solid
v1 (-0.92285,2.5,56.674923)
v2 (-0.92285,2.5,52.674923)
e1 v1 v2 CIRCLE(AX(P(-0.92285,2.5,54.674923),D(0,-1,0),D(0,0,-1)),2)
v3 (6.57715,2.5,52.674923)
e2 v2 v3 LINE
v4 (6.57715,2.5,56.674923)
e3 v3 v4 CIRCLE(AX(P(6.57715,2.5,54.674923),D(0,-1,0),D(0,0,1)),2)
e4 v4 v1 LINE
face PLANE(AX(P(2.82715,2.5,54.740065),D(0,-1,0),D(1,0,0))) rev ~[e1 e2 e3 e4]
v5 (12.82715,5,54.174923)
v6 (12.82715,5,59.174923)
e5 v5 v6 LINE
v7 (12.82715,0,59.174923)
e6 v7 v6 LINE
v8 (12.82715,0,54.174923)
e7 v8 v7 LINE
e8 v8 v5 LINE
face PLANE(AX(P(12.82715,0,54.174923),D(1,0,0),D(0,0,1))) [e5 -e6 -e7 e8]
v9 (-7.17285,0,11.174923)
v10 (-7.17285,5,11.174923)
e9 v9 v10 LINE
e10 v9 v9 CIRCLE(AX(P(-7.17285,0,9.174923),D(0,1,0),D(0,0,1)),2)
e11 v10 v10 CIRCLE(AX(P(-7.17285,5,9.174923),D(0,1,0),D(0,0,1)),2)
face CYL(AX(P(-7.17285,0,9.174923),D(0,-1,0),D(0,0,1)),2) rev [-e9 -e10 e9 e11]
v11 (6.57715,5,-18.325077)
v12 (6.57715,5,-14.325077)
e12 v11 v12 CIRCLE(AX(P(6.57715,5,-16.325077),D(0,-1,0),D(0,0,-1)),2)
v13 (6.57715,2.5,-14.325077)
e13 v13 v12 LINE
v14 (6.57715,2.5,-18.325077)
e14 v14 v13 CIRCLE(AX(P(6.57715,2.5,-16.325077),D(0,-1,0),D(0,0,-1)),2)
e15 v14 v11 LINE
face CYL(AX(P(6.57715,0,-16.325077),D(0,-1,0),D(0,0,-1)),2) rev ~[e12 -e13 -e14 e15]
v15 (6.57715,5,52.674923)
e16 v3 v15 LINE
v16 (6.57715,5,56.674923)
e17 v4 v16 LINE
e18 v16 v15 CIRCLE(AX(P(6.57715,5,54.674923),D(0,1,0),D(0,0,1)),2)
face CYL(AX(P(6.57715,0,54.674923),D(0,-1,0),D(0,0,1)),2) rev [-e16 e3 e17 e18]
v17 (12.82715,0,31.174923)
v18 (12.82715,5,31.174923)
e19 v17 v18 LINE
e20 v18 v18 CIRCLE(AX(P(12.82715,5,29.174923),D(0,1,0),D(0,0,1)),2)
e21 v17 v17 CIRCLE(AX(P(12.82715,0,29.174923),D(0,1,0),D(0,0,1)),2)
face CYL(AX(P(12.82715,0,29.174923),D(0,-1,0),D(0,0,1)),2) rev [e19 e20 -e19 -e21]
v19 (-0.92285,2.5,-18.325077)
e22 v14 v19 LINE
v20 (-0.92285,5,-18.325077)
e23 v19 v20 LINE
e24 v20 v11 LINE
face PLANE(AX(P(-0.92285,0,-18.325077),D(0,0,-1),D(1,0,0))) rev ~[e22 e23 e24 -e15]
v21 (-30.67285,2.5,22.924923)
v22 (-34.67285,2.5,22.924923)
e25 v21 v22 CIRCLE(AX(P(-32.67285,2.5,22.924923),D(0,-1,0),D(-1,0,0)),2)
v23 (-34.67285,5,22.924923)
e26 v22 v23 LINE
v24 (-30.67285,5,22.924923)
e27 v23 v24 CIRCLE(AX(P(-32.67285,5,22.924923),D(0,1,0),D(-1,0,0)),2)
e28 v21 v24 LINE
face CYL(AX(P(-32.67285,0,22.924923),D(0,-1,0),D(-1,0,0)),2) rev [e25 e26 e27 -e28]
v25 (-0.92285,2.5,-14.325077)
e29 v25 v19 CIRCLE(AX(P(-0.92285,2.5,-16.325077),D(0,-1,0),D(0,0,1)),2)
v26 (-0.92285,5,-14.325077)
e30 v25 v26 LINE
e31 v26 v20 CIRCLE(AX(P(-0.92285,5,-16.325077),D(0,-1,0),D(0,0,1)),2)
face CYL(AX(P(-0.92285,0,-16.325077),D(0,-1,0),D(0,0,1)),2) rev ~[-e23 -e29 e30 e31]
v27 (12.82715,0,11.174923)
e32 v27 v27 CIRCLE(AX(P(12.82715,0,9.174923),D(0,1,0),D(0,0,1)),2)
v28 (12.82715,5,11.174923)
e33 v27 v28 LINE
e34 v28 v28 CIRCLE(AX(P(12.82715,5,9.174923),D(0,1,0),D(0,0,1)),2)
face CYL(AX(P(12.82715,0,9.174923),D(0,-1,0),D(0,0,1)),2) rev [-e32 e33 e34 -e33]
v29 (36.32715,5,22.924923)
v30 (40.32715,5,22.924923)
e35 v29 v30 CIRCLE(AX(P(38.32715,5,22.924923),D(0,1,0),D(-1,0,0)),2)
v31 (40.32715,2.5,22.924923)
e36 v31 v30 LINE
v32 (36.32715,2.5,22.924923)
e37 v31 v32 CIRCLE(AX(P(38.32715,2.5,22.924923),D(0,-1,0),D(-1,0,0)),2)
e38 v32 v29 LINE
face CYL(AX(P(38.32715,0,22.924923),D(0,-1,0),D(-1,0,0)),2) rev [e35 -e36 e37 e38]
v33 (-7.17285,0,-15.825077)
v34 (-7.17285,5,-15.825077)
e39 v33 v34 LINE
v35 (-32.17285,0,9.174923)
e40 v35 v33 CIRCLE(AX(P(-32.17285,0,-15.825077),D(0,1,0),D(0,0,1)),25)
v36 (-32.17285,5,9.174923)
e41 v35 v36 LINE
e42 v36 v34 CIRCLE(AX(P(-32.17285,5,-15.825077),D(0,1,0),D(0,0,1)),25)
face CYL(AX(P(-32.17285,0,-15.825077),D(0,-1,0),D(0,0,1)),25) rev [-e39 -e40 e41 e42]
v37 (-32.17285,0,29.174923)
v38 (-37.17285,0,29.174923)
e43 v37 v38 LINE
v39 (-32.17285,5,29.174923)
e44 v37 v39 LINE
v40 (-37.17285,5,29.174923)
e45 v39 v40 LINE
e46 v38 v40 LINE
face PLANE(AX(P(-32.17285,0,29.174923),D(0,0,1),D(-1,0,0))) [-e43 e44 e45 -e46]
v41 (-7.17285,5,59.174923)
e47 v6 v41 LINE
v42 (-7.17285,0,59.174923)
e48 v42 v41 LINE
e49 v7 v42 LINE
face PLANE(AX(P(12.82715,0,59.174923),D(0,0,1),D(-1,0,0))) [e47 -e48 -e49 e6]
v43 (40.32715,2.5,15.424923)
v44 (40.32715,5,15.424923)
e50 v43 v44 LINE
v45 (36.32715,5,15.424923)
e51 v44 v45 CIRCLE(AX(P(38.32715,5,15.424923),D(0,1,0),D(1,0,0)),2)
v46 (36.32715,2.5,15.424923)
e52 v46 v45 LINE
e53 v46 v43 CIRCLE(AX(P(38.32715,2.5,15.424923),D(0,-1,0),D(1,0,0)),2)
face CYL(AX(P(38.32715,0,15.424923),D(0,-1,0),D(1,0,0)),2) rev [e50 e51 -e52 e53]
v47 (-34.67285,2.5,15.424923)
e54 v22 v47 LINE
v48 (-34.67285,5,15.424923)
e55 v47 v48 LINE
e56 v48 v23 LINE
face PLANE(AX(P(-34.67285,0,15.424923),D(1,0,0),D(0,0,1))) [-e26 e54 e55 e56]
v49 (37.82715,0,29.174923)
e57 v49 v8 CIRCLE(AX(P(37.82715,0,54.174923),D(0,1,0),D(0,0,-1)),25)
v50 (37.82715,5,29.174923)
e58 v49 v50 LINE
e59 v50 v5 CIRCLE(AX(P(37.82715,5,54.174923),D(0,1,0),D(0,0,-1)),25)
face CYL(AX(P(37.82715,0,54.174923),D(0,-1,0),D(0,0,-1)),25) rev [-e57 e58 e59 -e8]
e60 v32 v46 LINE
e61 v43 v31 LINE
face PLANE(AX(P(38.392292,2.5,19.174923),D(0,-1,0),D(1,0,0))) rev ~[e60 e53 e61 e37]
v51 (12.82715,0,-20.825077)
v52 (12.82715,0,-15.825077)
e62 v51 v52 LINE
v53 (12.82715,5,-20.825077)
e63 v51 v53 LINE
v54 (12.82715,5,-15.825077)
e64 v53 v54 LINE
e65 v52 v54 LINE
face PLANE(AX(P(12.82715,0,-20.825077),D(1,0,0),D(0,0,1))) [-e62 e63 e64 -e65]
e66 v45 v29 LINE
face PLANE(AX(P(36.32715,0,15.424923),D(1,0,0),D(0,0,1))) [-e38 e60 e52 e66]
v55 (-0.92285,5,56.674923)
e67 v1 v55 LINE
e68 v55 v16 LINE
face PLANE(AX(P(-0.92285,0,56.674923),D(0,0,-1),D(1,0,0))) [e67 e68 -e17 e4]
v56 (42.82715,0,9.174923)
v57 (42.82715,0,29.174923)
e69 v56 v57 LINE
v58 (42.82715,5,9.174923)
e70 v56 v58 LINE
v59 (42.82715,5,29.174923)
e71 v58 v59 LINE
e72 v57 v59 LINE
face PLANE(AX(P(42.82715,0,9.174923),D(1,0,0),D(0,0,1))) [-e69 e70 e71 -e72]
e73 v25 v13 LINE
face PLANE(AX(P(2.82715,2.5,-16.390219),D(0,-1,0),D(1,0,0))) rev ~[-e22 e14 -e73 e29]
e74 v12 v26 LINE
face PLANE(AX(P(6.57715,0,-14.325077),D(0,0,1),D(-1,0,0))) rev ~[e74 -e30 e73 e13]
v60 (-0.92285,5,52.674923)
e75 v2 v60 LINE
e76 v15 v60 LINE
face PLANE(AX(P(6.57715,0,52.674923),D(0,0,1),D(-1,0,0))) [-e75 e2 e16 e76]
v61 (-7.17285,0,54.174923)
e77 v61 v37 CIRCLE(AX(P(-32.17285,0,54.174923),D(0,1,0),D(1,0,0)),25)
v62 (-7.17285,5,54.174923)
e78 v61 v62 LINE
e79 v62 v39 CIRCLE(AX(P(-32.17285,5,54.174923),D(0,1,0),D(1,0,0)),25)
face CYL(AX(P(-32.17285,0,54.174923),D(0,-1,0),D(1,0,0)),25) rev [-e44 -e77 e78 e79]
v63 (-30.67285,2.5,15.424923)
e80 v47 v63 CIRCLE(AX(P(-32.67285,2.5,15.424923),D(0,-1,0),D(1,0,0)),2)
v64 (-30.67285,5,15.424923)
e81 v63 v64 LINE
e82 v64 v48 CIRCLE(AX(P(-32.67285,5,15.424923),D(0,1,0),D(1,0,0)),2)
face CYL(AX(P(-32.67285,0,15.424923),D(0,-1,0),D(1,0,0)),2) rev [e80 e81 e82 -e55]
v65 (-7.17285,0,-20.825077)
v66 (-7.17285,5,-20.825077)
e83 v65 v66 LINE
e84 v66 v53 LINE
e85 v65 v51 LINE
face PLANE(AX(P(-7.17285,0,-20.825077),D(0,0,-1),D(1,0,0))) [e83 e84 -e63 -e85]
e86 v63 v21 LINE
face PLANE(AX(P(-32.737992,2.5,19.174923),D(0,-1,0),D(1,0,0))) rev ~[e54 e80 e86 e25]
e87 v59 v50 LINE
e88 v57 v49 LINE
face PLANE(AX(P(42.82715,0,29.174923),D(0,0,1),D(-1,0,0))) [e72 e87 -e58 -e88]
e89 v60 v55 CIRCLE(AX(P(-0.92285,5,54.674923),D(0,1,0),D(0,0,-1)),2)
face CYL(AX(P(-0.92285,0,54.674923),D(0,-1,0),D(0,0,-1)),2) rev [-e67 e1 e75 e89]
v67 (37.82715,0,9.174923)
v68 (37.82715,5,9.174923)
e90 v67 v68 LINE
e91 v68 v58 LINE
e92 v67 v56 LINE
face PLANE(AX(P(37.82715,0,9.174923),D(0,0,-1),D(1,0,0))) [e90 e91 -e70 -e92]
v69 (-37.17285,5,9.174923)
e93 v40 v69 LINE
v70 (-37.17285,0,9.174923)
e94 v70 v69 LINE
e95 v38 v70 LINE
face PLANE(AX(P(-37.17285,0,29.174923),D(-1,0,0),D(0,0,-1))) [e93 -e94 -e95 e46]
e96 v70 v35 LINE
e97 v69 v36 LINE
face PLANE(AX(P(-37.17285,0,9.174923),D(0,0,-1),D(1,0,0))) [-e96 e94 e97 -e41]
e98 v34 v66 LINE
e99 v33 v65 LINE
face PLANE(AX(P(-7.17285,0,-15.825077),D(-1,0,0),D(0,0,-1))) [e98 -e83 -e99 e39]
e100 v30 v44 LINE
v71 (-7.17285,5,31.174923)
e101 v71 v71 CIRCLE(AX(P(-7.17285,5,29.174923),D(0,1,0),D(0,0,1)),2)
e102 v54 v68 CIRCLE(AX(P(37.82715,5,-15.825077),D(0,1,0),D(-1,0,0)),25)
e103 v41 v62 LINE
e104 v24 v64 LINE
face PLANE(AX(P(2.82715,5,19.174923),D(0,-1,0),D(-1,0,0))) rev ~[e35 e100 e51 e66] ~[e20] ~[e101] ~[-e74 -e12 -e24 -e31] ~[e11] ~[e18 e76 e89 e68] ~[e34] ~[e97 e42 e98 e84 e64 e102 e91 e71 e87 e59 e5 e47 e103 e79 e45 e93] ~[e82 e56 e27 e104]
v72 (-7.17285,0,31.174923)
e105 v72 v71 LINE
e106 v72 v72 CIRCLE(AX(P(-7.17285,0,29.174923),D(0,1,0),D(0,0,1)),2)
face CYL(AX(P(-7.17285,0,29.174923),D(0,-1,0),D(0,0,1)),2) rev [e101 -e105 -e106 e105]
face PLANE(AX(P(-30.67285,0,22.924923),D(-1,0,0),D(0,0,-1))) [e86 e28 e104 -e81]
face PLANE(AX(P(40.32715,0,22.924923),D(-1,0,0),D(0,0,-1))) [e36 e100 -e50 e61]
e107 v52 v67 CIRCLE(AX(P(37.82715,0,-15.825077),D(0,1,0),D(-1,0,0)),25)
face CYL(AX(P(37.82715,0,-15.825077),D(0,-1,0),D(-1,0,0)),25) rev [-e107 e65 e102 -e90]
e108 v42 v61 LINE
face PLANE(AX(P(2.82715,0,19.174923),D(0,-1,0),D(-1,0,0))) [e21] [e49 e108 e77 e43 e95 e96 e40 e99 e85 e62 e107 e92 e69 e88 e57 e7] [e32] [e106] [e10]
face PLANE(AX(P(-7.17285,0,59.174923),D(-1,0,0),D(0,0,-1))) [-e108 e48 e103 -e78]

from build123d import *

# Parameters (mm, degrees)
SKETCH1_R           = 2
BOSS_EXTRUDE1_DEPTH = 5
SKETCH2_W           = 4.72967701
SKETCH2_H           = 13.394822952
SKETCH2_W_2         = 13.394822952
SKETCH2_H_2         = 4.72967701
SKETCH2_W_3         = 4.729677011
BOSS_EXTRUDE2_DEPTH = 2.5


with BuildPart() as part:
    # Sketch1 → Boss-Extrude1 (new body)
    with BuildSketch(Plane(origin=(0, 0, 0), x_dir=(1, 0, 0), z_dir=(0, 1, 0))):
        with BuildLine():
            Line((-7.172850367, 15.825076528), (-7.172850367, 20.825076528))
            Line((-7.172850367, 20.825076528), (12.827149633, 20.825076528))
            Line((12.827149633, 20.825076528), (12.827149633, 15.825076528))
            ThreePointArc((12.827149633, 15.825076528), (20.149480103, -1.852593001), (37.827149633, -9.174923472))
            Line((37.827149633, -9.174923472), (42.827149633, -9.174923472))
            Line((42.827149633, -9.174923472), (42.827149633, -29.174923472))
            Line((42.827149633, -29.174923472), (37.827149633, -29.174923472))
            ThreePointArc((37.827149633, -29.174923472), (20.149480103, -36.497253942), (12.827149633, -54.174923472))
            Line((12.827149633, -54.174923472), (12.827149633, -59.174923472))
            Line((12.827149633, -59.174923472), (-7.172850367, -59.174923472))
            Line((-7.172850367, -59.174923472), (-7.172850367, -54.174923472))
            ThreePointArc((-7.172850367, -54.174923472), (-14.495180838, -36.497253942), (-32.172850367, -29.174923472))
            Line((-32.172850367, -29.174923472), (-37.172850367, -29.174923472))
            Line((-37.172850367, -29.174923472), (-37.172850367, -9.174923472))
            Line((-37.172850367, -9.174923472), (-32.172850367, -9.174923472))
            ThreePointArc((-32.172850367, -9.174923472), (-14.495180838, -1.852593001), (-7.172850367, 15.825076528))
        make_face()
        with Locations(Location((-7.172850367, -9.174923472, 0), (0, 0, 270))):
            Circle(SKETCH1_R, mode=Mode.SUBTRACT)
        with Locations(Location((12.827149633, -9.174923472, 0), (0, 0, 270))):
            Circle(SKETCH1_R, mode=Mode.SUBTRACT)
        with Locations(Location((12.827149633, -29.174923472, 0), (0, 0, 270))):
            Circle(SKETCH1_R, mode=Mode.SUBTRACT)
        with Locations(Location((-7.172850367, -29.174923472, 0), (0, 0, 270))):
            Circle(SKETCH1_R, mode=Mode.SUBTRACT)
        with BuildLine():
            Line((-0.922850367, 18.325076528), (6.577149633, 18.325076528))
            ThreePointArc((6.577149633, 18.325076528), (8.577149633, 16.325076528), (6.577149633, 14.325076528))
            Line((6.577149633, 14.325076528), (-0.922850367, 14.325076528))
            ThreePointArc((-0.922850367, 14.325076528), (-2.922850367, 16.325076528), (-0.922850367, 18.325076528))
        make_face(mode=Mode.SUBTRACT)
        with BuildLine():
            Line((36.327149633, -15.424923472), (36.327149633, -22.924923472))
            ThreePointArc((36.327149633, -22.924923472), (38.327149633, -24.924923472), (40.327149633, -22.924923472))
            Line((40.327149633, -22.924923472), (40.327149633, -15.424923472))
            ThreePointArc((40.327149633, -15.424923472), (38.327149633, -13.424923472), (36.327149633, -15.424923472))
        make_face(mode=Mode.SUBTRACT)
        with BuildLine():
            Line((6.577149633, -52.674923472), (-0.922850367, -52.674923472))
            ThreePointArc((-0.922850367, -52.674923472), (-2.922850367, -54.674923472), (-0.922850367, -56.674923472))
            Line((-0.922850367, -56.674923472), (6.577149633, -56.674923472))
            ThreePointArc((6.577149633, -56.674923472), (8.577149633, -54.674923472), (6.577149633, -52.674923472))
        make_face(mode=Mode.SUBTRACT)
        with BuildLine():
            Line((-30.672850367, -22.924923472), (-30.672850367, -15.424923472))
            ThreePointArc((-30.672850367, -15.424923472), (-32.672850367, -13.424923472), (-34.672850367, -15.424923472))
            Line((-34.672850367, -15.424923472), (-34.672850367, -22.924923472))
            ThreePointArc((-34.672850367, -22.924923472), (-32.672850367, -24.924923472), (-30.672850367, -22.924923472))
        make_face(mode=Mode.SUBTRACT)
    extrude(amount=BOSS_EXTRUDE1_DEPTH)

    # Sketch2 → Boss-Extrude2 (add)
    with BuildSketch(Plane.XZ):
        with Locations((38.392291652, 19.174923472)):
            Rectangle(SKETCH2_W, SKETCH2_H)
        with Locations((2.827149633, 54.740065491)):
            Rectangle(SKETCH2_W_2, SKETCH2_H_2)
        with Locations((2.827149633, -16.390218547)):
            Rectangle(SKETCH2_W_2, SKETCH2_H_2)
        with Locations((-32.737992386, 19.174923472)):
            Rectangle(SKETCH2_W_3, SKETCH2_H)
    extrude(amount=-BOSS_EXTRUDE2_DEPTH)


solid = part.part
